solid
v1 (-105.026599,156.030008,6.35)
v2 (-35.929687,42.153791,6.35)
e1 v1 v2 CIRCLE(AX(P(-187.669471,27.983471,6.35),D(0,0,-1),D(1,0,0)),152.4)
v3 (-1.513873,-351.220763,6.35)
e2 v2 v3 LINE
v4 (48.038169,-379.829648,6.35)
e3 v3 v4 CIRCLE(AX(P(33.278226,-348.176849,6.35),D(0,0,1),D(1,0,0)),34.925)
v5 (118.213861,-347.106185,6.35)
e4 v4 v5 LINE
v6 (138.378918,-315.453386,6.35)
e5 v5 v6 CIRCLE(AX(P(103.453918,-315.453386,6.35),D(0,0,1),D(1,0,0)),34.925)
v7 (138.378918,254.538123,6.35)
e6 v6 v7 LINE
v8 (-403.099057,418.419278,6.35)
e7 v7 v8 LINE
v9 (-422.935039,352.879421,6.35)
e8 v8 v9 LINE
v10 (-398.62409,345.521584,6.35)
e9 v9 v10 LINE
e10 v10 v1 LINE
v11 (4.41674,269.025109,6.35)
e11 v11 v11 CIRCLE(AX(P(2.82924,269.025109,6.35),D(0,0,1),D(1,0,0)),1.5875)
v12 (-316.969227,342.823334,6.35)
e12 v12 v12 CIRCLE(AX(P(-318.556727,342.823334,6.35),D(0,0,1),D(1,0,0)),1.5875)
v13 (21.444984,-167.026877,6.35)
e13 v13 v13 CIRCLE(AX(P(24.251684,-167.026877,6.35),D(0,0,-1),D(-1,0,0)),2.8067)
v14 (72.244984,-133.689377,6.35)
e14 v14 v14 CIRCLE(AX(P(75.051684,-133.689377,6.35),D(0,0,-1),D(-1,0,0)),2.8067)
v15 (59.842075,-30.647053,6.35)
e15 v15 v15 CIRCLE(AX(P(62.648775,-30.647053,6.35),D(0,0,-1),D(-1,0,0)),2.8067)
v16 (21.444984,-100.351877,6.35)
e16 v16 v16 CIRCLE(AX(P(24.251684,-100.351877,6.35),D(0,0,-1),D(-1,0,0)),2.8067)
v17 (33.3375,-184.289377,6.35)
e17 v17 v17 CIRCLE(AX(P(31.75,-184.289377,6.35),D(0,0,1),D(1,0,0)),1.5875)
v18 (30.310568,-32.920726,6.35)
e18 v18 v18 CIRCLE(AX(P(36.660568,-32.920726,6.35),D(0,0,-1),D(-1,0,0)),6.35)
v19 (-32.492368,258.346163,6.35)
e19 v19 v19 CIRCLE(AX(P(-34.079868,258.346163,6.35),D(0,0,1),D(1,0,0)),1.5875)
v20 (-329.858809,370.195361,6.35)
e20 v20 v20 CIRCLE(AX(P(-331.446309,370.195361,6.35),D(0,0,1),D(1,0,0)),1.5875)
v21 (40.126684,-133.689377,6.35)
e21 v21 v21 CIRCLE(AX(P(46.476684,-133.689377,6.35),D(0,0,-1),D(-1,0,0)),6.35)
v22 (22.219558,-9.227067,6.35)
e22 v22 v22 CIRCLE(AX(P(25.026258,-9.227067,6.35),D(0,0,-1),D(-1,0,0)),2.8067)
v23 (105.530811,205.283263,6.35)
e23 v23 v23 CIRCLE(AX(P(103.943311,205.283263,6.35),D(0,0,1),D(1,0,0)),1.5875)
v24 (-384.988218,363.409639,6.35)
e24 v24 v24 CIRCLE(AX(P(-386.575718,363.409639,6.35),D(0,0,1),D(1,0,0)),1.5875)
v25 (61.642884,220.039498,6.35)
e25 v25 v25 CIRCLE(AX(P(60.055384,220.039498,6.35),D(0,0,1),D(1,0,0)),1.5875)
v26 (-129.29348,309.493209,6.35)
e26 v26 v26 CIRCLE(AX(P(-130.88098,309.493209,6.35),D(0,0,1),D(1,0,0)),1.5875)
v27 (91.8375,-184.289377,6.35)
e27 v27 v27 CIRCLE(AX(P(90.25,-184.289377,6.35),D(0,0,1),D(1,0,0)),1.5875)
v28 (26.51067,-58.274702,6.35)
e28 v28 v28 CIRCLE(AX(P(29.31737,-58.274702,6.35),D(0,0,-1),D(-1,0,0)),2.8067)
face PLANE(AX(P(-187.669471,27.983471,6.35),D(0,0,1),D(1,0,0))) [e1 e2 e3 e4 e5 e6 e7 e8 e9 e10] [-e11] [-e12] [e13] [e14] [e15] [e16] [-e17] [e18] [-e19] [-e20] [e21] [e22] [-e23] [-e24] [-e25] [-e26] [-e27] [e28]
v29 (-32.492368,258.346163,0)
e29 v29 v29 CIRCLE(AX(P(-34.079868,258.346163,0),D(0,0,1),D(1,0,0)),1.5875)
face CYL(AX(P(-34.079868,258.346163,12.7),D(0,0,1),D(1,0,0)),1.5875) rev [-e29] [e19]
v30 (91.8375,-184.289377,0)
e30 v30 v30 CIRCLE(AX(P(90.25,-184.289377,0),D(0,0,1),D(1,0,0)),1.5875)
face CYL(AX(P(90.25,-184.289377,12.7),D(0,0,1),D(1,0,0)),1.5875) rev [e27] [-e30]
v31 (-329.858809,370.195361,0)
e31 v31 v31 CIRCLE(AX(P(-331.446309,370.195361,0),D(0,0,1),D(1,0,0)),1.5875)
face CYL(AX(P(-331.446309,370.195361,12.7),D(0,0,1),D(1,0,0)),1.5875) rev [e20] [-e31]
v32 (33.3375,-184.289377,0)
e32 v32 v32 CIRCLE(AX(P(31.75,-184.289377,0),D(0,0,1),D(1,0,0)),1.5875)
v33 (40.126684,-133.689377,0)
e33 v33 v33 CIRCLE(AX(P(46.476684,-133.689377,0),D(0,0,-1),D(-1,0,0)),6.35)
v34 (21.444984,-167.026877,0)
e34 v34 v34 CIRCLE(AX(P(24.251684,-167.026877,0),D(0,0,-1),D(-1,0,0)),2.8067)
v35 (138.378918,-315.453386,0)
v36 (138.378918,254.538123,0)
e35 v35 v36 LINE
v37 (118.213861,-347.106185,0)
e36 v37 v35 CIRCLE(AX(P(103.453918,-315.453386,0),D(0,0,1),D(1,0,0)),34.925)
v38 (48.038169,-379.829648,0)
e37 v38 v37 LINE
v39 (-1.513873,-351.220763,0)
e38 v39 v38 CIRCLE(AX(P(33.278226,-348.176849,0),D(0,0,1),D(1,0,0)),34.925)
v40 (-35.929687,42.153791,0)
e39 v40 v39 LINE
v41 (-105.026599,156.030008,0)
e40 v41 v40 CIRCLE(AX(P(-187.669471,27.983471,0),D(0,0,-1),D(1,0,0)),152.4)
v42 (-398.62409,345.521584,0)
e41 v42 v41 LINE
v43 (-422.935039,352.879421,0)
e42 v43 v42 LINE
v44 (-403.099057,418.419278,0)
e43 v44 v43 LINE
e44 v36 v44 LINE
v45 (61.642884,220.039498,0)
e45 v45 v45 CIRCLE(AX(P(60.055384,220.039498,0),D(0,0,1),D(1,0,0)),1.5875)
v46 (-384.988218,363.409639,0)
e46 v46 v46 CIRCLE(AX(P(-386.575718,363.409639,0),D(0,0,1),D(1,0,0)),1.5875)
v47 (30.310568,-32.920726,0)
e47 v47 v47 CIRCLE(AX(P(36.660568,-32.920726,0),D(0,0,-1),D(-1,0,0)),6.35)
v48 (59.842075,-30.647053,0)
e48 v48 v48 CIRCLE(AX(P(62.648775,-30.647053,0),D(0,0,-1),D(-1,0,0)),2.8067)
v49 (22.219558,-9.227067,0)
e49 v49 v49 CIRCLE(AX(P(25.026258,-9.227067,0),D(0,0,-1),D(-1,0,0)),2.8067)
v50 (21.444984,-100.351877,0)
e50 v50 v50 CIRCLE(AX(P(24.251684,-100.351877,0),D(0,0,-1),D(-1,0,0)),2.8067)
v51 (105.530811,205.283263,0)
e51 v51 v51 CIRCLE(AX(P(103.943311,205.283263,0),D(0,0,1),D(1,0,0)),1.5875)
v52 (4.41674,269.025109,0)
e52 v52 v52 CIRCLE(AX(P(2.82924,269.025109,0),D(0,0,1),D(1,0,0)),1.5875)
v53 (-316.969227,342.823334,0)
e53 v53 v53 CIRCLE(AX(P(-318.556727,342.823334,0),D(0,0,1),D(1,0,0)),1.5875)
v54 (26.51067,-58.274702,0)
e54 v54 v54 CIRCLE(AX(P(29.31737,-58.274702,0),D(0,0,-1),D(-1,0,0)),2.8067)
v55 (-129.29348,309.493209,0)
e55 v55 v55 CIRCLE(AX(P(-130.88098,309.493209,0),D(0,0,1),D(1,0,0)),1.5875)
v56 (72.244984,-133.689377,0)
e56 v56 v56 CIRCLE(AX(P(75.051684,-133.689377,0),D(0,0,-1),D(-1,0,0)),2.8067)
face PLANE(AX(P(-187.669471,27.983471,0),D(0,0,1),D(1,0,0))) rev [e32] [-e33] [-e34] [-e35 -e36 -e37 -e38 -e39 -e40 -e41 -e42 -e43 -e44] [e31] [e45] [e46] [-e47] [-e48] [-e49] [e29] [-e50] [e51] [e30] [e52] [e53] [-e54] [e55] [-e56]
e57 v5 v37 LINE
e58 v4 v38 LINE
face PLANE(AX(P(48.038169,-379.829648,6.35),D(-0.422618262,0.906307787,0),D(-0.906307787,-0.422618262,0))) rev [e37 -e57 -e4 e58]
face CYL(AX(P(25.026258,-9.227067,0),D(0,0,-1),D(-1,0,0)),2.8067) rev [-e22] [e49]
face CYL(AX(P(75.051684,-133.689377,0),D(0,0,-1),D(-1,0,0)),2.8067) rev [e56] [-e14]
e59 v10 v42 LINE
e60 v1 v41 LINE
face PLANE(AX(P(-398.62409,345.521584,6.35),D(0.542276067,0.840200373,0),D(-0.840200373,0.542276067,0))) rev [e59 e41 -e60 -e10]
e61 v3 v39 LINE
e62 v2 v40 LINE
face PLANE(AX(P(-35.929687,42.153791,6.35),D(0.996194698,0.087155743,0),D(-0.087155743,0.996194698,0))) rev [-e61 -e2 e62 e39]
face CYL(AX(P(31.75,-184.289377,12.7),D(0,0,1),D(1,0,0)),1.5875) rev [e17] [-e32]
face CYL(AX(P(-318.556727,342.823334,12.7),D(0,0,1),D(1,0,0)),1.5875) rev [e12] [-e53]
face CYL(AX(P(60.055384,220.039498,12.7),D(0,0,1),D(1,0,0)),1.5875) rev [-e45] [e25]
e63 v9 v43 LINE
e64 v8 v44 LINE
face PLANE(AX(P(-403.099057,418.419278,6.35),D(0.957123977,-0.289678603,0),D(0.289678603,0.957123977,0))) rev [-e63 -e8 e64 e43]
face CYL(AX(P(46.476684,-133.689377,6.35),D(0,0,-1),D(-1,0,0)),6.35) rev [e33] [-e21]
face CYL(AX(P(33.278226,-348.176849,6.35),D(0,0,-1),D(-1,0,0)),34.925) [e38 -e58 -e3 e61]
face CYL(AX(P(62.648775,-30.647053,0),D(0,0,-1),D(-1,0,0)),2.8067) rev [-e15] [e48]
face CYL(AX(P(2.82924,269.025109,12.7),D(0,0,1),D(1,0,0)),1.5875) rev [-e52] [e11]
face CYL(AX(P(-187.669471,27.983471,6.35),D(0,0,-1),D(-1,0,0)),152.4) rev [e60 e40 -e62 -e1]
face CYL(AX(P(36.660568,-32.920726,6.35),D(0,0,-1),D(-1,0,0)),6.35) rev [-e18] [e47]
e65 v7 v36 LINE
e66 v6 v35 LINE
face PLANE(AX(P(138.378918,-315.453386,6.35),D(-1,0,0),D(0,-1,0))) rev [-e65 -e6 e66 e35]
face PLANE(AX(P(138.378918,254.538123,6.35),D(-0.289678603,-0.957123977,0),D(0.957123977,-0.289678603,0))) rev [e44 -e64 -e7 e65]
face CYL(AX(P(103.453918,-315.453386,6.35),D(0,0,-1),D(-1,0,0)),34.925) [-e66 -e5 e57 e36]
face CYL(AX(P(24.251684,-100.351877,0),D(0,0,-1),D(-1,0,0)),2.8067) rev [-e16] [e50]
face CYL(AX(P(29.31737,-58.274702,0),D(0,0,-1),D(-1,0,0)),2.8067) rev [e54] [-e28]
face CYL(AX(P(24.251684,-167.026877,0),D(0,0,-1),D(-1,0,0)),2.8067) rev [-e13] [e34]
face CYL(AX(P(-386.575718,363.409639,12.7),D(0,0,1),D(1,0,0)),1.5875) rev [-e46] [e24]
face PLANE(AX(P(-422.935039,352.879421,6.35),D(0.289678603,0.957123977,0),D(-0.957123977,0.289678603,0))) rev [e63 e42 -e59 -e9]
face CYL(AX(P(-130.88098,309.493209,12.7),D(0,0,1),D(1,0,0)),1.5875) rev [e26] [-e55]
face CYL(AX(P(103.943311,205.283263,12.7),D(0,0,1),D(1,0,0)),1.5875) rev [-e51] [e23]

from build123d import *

# Parameters (mm, degrees)
BOSS_EXTRUDE1_DEPTH    = 6.35
F_10_CLEARANCE_HOLE1_D = 5.6134
SKETCH2_R              = 6.35
CUT_EXTRUDE1_DEPTH     = 7.35
HOLE1_D                = 3.175
HOLE1_DEPTH            = 31.75
HOLE1_CSINK_D          = 10.16
HOLE1_CSINK_ANGLE      = 82
HOLE1_TIP              = 0.953866233


with BuildPart() as part:
    # Sketch1 → Boss-Extrude1 (new body)
    with BuildSketch(Plane.XY):
        with BuildLine():
            Line((-35.929687435, 42.153790719), (-1.51387348, -351.220762831))
            ThreePointArc((-1.51387348, -351.220762831), (15.815726351, -378.422785743), (48.038169143, -379.829647978))
            Line((48.038169143, -379.829647978), (118.213861049, -347.106185426))
            ThreePointArc((118.213861049, -347.106185426), (132.909364503, -334.218574785), (138.378918258, -315.453385964))
            Line((138.378918258, -315.453385964), (138.378918258, 254.538122714))
            Line((138.378918258, 254.538122714), (-403.099057101, 418.419278389))
            Line((-403.099057101, 418.419278389), (-422.935039487, 352.879420938))
            Line((-422.935039487, 352.879420938), (-398.624090476, 345.521584423))
            Line((-398.624090476, 345.521584423), (-105.026598758, 156.030008008))
            ThreePointArc((-105.026598758, 156.030008008), (-57.378429325, 107.040440177), (-35.929687435, 42.153790719))
        make_face()
    extrude(amount=BOSS_EXTRUDE1_DEPTH)

    # #10 Clearance Hole1 (through all)
    with Locations(Plane(origin=(0, 0, 0), x_dir=(-1, 0, 0), z_dir=(0, 0, -1))):
        with Locations((-24.251683892, -100.351877226), (-24.251683892, -167.026877226), (-75.051683892, -133.689377226), (-29.317369668, -58.274702428), (-25.026257572, -9.227066735), (-62.648775204, -30.647052627)):
            Hole(F_10_CLEARANCE_HOLE1_D / 2)

    # Sketch2 → Cut-Extrude1 (cut, through all)
    with BuildSketch(Plane(origin=(0, 0, 0), x_dir=(-1, 0, 0), z_dir=(0, 0, -1))):
        with Locations((-46.476683892, -133.689377226)):
            Circle(SKETCH2_R)
        with Locations((-36.66056812, -32.920726132)):
            Circle(SKETCH2_R)
    extrude(amount=-CUT_EXTRUDE1_DEPTH, mode=Mode.SUBTRACT)

    # Hole1
    with Locations(Plane(origin=(277.286738577, -215.287141225, 12.7), x_dir=(-0.089959629, 0.995945413, 0), z_dir=(0, 0, 1))):
        with Locations((637.870011036, 553.595098153), (52.960474705, 241.752641108), (47.697836423, 183.489834462), (434.459074831, 134.806234549), (453.103621196, 177.188747915), (499.723341091, 267.496267453), (636.071223534, 609.111420407), (609.449424187, 543.22015483), (559.371199386, 359.303721429), (507.038658285, 229.776136946)):
            CounterSinkHole(HOLE1_D / 2, HOLE1_CSINK_D / 2, depth=HOLE1_DEPTH, counter_sink_angle=HOLE1_CSINK_ANGLE)
            with Locations((0, 0, -(HOLE1_DEPTH + HOLE1_TIP / 2))):  # 118° drill point
                Cone(0, HOLE1_D / 2, HOLE1_TIP, mode=Mode.SUBTRACT)


solid = part.part
